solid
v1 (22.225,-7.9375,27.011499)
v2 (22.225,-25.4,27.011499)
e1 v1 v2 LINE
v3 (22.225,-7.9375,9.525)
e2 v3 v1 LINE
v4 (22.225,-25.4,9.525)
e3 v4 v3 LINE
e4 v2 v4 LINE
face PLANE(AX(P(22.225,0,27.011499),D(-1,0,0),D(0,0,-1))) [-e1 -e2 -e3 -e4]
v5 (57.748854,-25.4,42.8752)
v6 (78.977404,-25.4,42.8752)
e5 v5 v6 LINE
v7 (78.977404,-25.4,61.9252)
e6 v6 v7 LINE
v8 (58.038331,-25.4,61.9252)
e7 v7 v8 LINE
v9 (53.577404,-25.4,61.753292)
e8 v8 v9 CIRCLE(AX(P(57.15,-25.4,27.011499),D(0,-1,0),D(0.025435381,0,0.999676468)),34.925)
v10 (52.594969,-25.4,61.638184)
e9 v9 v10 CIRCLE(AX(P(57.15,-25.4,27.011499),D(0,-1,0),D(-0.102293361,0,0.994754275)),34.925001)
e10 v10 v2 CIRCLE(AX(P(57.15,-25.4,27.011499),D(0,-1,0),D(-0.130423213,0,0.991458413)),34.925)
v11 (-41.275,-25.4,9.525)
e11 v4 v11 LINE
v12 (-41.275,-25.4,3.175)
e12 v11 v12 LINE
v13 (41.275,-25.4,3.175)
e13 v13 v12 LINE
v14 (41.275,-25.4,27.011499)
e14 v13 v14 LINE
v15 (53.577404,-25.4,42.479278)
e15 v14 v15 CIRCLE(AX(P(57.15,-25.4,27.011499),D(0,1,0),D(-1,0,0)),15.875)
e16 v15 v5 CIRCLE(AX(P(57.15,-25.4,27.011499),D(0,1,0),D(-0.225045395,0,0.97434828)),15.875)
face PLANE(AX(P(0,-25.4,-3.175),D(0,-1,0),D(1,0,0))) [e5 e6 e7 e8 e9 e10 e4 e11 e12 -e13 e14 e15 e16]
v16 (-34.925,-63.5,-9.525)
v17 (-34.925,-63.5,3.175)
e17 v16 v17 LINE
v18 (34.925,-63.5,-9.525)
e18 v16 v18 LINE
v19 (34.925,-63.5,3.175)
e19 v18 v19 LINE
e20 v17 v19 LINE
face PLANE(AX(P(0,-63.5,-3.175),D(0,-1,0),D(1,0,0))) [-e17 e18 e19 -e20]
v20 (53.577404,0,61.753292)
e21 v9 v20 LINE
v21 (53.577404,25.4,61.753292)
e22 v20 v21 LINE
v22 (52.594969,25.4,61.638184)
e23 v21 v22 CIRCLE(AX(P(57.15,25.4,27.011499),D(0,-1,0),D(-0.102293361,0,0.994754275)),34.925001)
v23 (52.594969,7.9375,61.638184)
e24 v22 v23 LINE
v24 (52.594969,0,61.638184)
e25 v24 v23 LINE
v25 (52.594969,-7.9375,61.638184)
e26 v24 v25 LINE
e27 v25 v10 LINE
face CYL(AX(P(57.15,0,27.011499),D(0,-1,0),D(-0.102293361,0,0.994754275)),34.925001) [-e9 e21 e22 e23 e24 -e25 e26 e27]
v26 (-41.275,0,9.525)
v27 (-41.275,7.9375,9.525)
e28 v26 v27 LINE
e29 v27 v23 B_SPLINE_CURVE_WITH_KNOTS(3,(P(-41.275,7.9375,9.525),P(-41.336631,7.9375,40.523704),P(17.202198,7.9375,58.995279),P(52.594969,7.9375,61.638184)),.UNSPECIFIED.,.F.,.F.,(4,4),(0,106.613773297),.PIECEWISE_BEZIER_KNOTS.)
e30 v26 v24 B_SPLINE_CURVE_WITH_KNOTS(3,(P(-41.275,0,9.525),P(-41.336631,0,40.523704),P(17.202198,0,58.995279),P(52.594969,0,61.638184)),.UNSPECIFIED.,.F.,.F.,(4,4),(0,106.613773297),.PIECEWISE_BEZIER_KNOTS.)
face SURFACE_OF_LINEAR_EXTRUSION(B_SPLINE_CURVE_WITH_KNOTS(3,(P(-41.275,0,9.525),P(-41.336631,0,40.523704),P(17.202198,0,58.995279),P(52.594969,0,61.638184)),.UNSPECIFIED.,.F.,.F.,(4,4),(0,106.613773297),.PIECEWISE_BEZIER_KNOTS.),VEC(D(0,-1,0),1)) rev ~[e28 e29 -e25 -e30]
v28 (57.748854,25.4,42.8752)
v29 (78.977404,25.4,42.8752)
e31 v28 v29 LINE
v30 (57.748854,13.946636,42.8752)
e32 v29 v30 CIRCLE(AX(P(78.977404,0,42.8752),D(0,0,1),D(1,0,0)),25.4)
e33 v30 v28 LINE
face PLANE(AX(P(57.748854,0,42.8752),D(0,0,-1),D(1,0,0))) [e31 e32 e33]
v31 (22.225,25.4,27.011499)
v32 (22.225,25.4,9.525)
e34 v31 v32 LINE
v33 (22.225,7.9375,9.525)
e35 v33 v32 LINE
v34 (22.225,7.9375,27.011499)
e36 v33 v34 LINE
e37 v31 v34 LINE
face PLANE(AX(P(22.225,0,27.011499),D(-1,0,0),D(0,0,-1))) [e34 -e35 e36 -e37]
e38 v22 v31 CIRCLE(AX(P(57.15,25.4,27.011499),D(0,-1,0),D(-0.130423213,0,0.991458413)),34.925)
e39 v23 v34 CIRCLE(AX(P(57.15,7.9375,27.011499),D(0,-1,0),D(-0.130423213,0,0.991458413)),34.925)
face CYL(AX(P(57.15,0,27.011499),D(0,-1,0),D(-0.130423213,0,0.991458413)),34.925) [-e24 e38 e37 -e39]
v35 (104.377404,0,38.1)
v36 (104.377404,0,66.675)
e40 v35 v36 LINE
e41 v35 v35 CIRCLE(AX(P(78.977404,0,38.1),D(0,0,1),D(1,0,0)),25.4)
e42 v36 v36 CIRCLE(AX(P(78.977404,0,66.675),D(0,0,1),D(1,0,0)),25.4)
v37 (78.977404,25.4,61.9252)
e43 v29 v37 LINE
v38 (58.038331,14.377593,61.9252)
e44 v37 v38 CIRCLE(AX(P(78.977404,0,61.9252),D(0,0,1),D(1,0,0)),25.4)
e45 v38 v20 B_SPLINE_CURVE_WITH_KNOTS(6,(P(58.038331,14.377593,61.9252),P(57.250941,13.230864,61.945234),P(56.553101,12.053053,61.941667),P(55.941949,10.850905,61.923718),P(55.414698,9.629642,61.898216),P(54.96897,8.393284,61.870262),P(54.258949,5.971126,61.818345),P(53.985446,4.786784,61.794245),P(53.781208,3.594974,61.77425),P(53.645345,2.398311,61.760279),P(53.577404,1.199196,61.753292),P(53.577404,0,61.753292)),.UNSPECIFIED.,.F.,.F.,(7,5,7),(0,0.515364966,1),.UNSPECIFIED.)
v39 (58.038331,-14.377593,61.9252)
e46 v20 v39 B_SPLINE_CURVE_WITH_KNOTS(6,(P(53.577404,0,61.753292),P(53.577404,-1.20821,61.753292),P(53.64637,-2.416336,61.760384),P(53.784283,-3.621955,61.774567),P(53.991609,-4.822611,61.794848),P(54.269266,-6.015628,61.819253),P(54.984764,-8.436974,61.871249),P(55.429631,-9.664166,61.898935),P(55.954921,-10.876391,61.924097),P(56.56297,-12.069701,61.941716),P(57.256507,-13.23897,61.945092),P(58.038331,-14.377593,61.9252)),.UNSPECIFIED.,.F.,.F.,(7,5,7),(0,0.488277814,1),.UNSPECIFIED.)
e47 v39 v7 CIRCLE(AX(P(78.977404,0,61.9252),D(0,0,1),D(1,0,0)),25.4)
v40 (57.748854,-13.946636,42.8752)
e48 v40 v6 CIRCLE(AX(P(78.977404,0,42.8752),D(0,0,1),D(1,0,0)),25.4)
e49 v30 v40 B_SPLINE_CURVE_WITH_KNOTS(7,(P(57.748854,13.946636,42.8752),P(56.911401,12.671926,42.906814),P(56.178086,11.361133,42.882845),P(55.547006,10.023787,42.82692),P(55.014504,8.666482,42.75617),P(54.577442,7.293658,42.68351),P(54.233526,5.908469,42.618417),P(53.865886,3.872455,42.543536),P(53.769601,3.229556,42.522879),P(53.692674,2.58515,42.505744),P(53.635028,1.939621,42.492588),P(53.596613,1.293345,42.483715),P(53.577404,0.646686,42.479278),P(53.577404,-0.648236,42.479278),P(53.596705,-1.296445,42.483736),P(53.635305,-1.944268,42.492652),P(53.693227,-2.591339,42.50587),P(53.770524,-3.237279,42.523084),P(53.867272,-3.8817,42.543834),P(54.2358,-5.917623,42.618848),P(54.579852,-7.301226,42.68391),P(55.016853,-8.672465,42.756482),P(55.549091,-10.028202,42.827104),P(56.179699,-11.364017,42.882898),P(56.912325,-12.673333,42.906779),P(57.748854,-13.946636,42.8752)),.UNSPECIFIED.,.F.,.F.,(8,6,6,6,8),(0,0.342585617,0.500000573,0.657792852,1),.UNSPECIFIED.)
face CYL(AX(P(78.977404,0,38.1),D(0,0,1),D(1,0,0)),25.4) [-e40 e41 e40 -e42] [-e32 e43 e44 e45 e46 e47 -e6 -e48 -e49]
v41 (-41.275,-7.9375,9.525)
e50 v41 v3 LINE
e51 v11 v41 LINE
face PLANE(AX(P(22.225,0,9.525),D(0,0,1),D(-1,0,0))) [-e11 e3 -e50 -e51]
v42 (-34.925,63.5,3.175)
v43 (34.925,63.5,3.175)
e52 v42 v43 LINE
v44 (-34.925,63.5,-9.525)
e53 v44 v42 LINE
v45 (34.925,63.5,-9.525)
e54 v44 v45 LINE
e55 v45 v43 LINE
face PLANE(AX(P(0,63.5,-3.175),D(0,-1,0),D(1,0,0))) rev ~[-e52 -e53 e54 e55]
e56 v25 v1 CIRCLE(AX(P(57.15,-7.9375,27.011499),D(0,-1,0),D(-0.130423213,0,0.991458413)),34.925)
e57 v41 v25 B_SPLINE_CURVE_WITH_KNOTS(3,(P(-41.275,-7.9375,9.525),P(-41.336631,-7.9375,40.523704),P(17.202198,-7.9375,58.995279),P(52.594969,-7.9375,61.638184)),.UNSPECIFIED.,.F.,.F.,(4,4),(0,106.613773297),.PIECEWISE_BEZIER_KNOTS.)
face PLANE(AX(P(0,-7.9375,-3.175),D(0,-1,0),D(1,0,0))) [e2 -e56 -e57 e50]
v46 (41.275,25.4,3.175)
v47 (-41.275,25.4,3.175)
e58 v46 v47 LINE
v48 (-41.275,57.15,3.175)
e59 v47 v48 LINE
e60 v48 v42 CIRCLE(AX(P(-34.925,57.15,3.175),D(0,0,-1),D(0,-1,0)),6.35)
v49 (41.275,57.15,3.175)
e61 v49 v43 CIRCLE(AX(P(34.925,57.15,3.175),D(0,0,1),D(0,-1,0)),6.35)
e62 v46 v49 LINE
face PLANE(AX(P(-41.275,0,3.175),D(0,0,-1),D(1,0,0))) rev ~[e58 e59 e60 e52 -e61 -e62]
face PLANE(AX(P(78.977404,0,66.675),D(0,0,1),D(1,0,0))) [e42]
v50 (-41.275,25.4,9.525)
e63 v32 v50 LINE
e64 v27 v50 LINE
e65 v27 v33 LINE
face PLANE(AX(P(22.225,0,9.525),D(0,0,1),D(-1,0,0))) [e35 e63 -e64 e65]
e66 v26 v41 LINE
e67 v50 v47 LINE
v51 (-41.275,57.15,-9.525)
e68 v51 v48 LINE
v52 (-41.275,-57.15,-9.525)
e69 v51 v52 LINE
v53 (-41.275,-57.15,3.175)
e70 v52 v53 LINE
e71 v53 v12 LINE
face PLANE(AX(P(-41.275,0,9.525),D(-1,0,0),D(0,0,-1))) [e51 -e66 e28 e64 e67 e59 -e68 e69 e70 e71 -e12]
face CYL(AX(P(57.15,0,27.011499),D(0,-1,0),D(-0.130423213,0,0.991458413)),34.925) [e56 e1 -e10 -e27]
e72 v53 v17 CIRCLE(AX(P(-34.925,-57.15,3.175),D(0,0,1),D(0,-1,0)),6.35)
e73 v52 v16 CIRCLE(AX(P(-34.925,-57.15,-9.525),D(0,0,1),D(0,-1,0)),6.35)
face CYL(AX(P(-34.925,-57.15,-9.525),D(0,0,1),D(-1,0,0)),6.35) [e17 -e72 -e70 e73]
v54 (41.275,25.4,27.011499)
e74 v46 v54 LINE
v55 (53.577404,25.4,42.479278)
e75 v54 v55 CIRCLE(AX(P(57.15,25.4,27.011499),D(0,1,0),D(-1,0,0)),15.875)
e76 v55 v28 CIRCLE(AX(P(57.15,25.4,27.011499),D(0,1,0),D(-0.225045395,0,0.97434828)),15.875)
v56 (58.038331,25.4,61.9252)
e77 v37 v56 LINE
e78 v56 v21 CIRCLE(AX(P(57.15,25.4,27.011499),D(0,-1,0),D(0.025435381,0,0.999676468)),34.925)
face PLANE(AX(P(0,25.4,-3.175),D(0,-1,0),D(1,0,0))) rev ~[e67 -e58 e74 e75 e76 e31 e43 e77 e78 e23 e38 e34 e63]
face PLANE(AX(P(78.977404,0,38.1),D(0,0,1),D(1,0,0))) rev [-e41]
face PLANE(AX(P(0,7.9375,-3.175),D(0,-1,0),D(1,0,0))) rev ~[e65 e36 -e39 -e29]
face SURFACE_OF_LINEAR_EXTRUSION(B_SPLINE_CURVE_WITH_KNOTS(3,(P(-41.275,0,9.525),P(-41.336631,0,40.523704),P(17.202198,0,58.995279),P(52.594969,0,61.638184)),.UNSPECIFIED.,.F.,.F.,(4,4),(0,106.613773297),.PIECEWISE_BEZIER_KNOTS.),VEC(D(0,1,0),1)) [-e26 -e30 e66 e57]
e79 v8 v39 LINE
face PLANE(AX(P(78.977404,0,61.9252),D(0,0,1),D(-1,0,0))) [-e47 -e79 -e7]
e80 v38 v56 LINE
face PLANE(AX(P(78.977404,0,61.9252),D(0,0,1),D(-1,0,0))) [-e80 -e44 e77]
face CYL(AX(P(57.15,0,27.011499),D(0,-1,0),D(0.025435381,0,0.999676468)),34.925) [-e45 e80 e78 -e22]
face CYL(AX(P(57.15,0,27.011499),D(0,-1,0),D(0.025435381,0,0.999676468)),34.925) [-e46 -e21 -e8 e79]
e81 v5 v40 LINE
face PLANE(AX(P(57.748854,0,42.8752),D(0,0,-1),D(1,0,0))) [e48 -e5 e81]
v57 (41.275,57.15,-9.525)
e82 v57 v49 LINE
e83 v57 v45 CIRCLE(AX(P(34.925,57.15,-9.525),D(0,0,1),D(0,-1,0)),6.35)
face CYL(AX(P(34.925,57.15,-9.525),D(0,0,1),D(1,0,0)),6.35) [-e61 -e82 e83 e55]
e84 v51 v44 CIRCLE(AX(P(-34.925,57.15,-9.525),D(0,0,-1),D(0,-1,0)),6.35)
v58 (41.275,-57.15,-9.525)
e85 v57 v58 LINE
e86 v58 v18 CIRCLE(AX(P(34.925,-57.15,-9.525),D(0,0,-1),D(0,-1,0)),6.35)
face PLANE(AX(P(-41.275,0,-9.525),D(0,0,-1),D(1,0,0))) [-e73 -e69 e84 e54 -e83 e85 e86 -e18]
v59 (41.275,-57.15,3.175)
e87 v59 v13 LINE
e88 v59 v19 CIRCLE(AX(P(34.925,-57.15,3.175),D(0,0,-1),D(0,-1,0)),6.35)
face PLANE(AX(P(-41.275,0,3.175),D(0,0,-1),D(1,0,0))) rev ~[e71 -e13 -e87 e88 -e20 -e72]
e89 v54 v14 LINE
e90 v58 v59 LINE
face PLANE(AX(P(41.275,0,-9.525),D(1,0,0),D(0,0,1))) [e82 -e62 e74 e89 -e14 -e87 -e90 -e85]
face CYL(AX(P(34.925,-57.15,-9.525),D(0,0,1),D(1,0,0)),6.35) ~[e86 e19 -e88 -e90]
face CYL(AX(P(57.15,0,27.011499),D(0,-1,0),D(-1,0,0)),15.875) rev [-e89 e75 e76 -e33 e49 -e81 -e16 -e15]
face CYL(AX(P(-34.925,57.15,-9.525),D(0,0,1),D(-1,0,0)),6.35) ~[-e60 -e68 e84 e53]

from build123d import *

# Parameters (mm, degrees)
F0_W     = 82.55
F0_H     = 12.7
F1_DEPTH = 63.5
F2_DEPTH = 25.4
F3_DEPTH = 7.9375
F5_R     = 6.35


with BuildPart() as f1:
    # F0 (on Front) → F1 (new body, symmetric)
    with BuildSketch(Plane.XZ):
        with Locations((0, -3.175)):
            Rectangle(F0_W, F0_H)
    extrude(amount=F1_DEPTH, both=True)

    # F0 (on Front) → F2 (join, symmetric)
    with BuildSketch(Plane.XZ):
        with Locations((0, -3.175)):
            Rectangle(F0_W, F0_H)
        with BuildLine():
            ThreePointArc((53.577404361, 61.7532924078), (53.0857792806, 61.6992166922), (52.5949692711, 61.6381844286))
            add(Edge.make_bspline(
                [(52.5949692711, 61.6381844286), (52.9244758312, 61.6627898631), (53.2519761831, 61.6860233314), (53.577404361, 61.7078821692)],
                knots=[106.6137732969, 106.6137732969, 106.6137732969, 106.6137732969, 107.6063471029, 107.6063471029, 107.6063471029, 107.6063471029], degree=3))
            Line((53.577404361, 61.7078821692), (53.577404361, 61.7532924078))
        make_face()
        Polygon((22.225, 9.525), (-41.275, 9.525), (-41.275, 3.175), (41.275, 3.175), (41.275, 9.525), align=None)
        with BuildLine():
            ThreePointArc((58.0383306755, 61.9252), (55.8051179778, 61.9105955677), (53.577404361, 61.7532924078))
            Line((53.577404361, 61.7532924078), (53.577404361, 61.7078821692))
            add(Edge.make_bspline(
                [(53.577404361, 61.7078821692), (55.1128174226, 61.8110150488), (56.602102301, 61.8835475984), (58.0383306755, 61.9252)],
                knots=[107.6063471029, 107.6063471029, 107.6063471029, 107.6063471029, 112.2894412218, 112.2894412218, 112.2894412218, 112.2894412218], degree=3))
        make_face()
        with BuildLine():
            Line((22.225, 27.0114993424), (22.225, 9.525))
            Line((22.225, 9.525), (41.275, 9.525))
            Line((41.275, 9.525), (41.275, 27.0114993424))
            ThreePointArc((41.275, 27.0114993424), (44.7256171025, 36.8933177284), (53.577404361, 42.4792782844))
            Line((53.577404361, 42.4792782844), (53.577404361, 61.7078821692))
            add(Edge.make_bspline(
                [(52.5949692711, 61.6381844286), (52.9244758312, 61.6627898631), (53.2519761831, 61.6860233314), (53.577404361, 61.7078821692)],
                knots=[106.6137732969, 106.6137732969, 106.6137732969, 106.6137732969, 107.6063471029, 107.6063471029, 107.6063471029, 107.6063471029], degree=3))
            ThreePointArc((52.5949692711, 61.6381844286), (30.8931906622, 50.0405155696), (22.225, 27.0114993424))
        make_face()
        with BuildLine():
            add(Edge.make_bspline(
                [(53.577404361, 61.7078821692), (55.1128174226, 61.8110150488), (56.602102301, 61.8835475984), (58.0383306755, 61.9252)],
                knots=[107.6063471029, 107.6063471029, 107.6063471029, 107.6063471029, 112.2894412218, 112.2894412218, 112.2894412218, 112.2894412218], degree=3))
            Line((53.577404361, 61.7078821692), (53.577404361, 42.4792782844))
            ThreePointArc((53.577404361, 42.4792782844), (55.6500090256, 42.8154751737), (57.7488542769, 42.8752))
            Line((57.7488542769, 42.8752), (78.977404361, 42.8752))
            Line((78.977404361, 42.8752), (78.977404361, 61.9252))
            Line((78.977404361, 61.9252), (58.0383306755, 61.9252))
        make_face()
    extrude(amount=F2_DEPTH, both=True)

    # F0 (on Front) → F3 (join, symmetric)
    with BuildSketch(Plane.XZ):
        with Locations((0, -3.175)):
            Rectangle(F0_W, F0_H)
        with BuildLine():
            add(Edge.make_bspline(
                [(-41.275, 9.525), (-41.3366305688, 40.5237040654), (17.2021979841, 58.9952794856), (52.5949692711, 61.6381844286)],
                knots=[0, 0, 0, 0, 106.6137732969, 106.6137732969, 106.6137732969, 106.6137732969], degree=3))
            Line((-41.275, 9.525), (22.225, 9.525))
            Line((22.225, 9.525), (22.225, 27.0114993424))
            ThreePointArc((22.225, 27.0114993424), (30.8931906622, 50.0405155696), (52.5949692711, 61.6381844286))
        make_face()
        with BuildLine():
            ThreePointArc((53.577404361, 61.7532924078), (53.0857792806, 61.6992166922), (52.5949692711, 61.6381844286))
            add(Edge.make_bspline(
                [(52.5949692711, 61.6381844286), (52.9244758312, 61.6627898631), (53.2519761831, 61.6860233314), (53.577404361, 61.7078821692)],
                knots=[106.6137732969, 106.6137732969, 106.6137732969, 106.6137732969, 107.6063471029, 107.6063471029, 107.6063471029, 107.6063471029], degree=3))
            Line((53.577404361, 61.7078821692), (53.577404361, 61.7532924078))
        make_face()
        Polygon((22.225, 9.525), (-41.275, 9.525), (-41.275, 3.175), (41.275, 3.175), (41.275, 9.525), align=None)
        with BuildLine():
            ThreePointArc((58.0383306755, 61.9252), (55.8051179778, 61.9105955677), (53.577404361, 61.7532924078))
            Line((53.577404361, 61.7532924078), (53.577404361, 61.7078821692))
            add(Edge.make_bspline(
                [(53.577404361, 61.7078821692), (55.1128174226, 61.8110150488), (56.602102301, 61.8835475984), (58.0383306755, 61.9252)],
                knots=[107.6063471029, 107.6063471029, 107.6063471029, 107.6063471029, 112.2894412218, 112.2894412218, 112.2894412218, 112.2894412218], degree=3))
        make_face()
        with BuildLine():
            Line((22.225, 27.0114993424), (22.225, 9.525))
            Line((22.225, 9.525), (41.275, 9.525))
            Line((41.275, 9.525), (41.275, 27.0114993424))
            ThreePointArc((41.275, 27.0114993424), (44.7256171025, 36.8933177284), (53.577404361, 42.4792782844))
            Line((53.577404361, 42.4792782844), (53.577404361, 61.7078821692))
            add(Edge.make_bspline(
                [(52.5949692711, 61.6381844286), (52.9244758312, 61.6627898631), (53.2519761831, 61.6860233314), (53.577404361, 61.7078821692)],
                knots=[106.6137732969, 106.6137732969, 106.6137732969, 106.6137732969, 107.6063471029, 107.6063471029, 107.6063471029, 107.6063471029], degree=3))
            ThreePointArc((52.5949692711, 61.6381844286), (30.8931906622, 50.0405155696), (22.225, 27.0114993424))
        make_face()
        with BuildLine():
            add(Edge.make_bspline(
                [(53.577404361, 61.7078821692), (55.1128174226, 61.8110150488), (56.602102301, 61.8835475984), (58.0383306755, 61.9252)],
                knots=[107.6063471029, 107.6063471029, 107.6063471029, 107.6063471029, 112.2894412218, 112.2894412218, 112.2894412218, 112.2894412218], degree=3))
            Line((53.577404361, 61.7078821692), (53.577404361, 42.4792782844))
            ThreePointArc((53.577404361, 42.4792782844), (55.6500090256, 42.8154751737), (57.7488542769, 42.8752))
            Line((57.7488542769, 42.8752), (78.977404361, 42.8752))
            Line((78.977404361, 42.8752), (78.977404361, 61.9252))
            Line((78.977404361, 61.9252), (58.0383306755, 61.9252))
        make_face()
    extrude(amount=F3_DEPTH, both=True)

    # F0 (on Front) → F4 (revolve)
    with BuildSketch(Plane.XZ):
        Polygon((104.377404361, 66.675), (78.977404361, 66.675), (78.977404361, 61.9252), (78.977404361, 42.8752), (78.977404361, 38.1), (104.377404361, 38.1), align=None)
    revolve(axis=Axis((78.977404361, 0, 52.3875), (0, 0, 1)))

    # F5
    f5_edges = [f1.edges().sort_by_distance(p)[0] for p in [
        (41.275, -63.5, -3.175),
        (-41.275, -63.5, -3.175),
        (41.275, 63.5, -3.175),
        (-41.275, 63.5, -3.175),
    ]]
    fillet(f5_edges, radius=F5_R)


solid = f1.part
